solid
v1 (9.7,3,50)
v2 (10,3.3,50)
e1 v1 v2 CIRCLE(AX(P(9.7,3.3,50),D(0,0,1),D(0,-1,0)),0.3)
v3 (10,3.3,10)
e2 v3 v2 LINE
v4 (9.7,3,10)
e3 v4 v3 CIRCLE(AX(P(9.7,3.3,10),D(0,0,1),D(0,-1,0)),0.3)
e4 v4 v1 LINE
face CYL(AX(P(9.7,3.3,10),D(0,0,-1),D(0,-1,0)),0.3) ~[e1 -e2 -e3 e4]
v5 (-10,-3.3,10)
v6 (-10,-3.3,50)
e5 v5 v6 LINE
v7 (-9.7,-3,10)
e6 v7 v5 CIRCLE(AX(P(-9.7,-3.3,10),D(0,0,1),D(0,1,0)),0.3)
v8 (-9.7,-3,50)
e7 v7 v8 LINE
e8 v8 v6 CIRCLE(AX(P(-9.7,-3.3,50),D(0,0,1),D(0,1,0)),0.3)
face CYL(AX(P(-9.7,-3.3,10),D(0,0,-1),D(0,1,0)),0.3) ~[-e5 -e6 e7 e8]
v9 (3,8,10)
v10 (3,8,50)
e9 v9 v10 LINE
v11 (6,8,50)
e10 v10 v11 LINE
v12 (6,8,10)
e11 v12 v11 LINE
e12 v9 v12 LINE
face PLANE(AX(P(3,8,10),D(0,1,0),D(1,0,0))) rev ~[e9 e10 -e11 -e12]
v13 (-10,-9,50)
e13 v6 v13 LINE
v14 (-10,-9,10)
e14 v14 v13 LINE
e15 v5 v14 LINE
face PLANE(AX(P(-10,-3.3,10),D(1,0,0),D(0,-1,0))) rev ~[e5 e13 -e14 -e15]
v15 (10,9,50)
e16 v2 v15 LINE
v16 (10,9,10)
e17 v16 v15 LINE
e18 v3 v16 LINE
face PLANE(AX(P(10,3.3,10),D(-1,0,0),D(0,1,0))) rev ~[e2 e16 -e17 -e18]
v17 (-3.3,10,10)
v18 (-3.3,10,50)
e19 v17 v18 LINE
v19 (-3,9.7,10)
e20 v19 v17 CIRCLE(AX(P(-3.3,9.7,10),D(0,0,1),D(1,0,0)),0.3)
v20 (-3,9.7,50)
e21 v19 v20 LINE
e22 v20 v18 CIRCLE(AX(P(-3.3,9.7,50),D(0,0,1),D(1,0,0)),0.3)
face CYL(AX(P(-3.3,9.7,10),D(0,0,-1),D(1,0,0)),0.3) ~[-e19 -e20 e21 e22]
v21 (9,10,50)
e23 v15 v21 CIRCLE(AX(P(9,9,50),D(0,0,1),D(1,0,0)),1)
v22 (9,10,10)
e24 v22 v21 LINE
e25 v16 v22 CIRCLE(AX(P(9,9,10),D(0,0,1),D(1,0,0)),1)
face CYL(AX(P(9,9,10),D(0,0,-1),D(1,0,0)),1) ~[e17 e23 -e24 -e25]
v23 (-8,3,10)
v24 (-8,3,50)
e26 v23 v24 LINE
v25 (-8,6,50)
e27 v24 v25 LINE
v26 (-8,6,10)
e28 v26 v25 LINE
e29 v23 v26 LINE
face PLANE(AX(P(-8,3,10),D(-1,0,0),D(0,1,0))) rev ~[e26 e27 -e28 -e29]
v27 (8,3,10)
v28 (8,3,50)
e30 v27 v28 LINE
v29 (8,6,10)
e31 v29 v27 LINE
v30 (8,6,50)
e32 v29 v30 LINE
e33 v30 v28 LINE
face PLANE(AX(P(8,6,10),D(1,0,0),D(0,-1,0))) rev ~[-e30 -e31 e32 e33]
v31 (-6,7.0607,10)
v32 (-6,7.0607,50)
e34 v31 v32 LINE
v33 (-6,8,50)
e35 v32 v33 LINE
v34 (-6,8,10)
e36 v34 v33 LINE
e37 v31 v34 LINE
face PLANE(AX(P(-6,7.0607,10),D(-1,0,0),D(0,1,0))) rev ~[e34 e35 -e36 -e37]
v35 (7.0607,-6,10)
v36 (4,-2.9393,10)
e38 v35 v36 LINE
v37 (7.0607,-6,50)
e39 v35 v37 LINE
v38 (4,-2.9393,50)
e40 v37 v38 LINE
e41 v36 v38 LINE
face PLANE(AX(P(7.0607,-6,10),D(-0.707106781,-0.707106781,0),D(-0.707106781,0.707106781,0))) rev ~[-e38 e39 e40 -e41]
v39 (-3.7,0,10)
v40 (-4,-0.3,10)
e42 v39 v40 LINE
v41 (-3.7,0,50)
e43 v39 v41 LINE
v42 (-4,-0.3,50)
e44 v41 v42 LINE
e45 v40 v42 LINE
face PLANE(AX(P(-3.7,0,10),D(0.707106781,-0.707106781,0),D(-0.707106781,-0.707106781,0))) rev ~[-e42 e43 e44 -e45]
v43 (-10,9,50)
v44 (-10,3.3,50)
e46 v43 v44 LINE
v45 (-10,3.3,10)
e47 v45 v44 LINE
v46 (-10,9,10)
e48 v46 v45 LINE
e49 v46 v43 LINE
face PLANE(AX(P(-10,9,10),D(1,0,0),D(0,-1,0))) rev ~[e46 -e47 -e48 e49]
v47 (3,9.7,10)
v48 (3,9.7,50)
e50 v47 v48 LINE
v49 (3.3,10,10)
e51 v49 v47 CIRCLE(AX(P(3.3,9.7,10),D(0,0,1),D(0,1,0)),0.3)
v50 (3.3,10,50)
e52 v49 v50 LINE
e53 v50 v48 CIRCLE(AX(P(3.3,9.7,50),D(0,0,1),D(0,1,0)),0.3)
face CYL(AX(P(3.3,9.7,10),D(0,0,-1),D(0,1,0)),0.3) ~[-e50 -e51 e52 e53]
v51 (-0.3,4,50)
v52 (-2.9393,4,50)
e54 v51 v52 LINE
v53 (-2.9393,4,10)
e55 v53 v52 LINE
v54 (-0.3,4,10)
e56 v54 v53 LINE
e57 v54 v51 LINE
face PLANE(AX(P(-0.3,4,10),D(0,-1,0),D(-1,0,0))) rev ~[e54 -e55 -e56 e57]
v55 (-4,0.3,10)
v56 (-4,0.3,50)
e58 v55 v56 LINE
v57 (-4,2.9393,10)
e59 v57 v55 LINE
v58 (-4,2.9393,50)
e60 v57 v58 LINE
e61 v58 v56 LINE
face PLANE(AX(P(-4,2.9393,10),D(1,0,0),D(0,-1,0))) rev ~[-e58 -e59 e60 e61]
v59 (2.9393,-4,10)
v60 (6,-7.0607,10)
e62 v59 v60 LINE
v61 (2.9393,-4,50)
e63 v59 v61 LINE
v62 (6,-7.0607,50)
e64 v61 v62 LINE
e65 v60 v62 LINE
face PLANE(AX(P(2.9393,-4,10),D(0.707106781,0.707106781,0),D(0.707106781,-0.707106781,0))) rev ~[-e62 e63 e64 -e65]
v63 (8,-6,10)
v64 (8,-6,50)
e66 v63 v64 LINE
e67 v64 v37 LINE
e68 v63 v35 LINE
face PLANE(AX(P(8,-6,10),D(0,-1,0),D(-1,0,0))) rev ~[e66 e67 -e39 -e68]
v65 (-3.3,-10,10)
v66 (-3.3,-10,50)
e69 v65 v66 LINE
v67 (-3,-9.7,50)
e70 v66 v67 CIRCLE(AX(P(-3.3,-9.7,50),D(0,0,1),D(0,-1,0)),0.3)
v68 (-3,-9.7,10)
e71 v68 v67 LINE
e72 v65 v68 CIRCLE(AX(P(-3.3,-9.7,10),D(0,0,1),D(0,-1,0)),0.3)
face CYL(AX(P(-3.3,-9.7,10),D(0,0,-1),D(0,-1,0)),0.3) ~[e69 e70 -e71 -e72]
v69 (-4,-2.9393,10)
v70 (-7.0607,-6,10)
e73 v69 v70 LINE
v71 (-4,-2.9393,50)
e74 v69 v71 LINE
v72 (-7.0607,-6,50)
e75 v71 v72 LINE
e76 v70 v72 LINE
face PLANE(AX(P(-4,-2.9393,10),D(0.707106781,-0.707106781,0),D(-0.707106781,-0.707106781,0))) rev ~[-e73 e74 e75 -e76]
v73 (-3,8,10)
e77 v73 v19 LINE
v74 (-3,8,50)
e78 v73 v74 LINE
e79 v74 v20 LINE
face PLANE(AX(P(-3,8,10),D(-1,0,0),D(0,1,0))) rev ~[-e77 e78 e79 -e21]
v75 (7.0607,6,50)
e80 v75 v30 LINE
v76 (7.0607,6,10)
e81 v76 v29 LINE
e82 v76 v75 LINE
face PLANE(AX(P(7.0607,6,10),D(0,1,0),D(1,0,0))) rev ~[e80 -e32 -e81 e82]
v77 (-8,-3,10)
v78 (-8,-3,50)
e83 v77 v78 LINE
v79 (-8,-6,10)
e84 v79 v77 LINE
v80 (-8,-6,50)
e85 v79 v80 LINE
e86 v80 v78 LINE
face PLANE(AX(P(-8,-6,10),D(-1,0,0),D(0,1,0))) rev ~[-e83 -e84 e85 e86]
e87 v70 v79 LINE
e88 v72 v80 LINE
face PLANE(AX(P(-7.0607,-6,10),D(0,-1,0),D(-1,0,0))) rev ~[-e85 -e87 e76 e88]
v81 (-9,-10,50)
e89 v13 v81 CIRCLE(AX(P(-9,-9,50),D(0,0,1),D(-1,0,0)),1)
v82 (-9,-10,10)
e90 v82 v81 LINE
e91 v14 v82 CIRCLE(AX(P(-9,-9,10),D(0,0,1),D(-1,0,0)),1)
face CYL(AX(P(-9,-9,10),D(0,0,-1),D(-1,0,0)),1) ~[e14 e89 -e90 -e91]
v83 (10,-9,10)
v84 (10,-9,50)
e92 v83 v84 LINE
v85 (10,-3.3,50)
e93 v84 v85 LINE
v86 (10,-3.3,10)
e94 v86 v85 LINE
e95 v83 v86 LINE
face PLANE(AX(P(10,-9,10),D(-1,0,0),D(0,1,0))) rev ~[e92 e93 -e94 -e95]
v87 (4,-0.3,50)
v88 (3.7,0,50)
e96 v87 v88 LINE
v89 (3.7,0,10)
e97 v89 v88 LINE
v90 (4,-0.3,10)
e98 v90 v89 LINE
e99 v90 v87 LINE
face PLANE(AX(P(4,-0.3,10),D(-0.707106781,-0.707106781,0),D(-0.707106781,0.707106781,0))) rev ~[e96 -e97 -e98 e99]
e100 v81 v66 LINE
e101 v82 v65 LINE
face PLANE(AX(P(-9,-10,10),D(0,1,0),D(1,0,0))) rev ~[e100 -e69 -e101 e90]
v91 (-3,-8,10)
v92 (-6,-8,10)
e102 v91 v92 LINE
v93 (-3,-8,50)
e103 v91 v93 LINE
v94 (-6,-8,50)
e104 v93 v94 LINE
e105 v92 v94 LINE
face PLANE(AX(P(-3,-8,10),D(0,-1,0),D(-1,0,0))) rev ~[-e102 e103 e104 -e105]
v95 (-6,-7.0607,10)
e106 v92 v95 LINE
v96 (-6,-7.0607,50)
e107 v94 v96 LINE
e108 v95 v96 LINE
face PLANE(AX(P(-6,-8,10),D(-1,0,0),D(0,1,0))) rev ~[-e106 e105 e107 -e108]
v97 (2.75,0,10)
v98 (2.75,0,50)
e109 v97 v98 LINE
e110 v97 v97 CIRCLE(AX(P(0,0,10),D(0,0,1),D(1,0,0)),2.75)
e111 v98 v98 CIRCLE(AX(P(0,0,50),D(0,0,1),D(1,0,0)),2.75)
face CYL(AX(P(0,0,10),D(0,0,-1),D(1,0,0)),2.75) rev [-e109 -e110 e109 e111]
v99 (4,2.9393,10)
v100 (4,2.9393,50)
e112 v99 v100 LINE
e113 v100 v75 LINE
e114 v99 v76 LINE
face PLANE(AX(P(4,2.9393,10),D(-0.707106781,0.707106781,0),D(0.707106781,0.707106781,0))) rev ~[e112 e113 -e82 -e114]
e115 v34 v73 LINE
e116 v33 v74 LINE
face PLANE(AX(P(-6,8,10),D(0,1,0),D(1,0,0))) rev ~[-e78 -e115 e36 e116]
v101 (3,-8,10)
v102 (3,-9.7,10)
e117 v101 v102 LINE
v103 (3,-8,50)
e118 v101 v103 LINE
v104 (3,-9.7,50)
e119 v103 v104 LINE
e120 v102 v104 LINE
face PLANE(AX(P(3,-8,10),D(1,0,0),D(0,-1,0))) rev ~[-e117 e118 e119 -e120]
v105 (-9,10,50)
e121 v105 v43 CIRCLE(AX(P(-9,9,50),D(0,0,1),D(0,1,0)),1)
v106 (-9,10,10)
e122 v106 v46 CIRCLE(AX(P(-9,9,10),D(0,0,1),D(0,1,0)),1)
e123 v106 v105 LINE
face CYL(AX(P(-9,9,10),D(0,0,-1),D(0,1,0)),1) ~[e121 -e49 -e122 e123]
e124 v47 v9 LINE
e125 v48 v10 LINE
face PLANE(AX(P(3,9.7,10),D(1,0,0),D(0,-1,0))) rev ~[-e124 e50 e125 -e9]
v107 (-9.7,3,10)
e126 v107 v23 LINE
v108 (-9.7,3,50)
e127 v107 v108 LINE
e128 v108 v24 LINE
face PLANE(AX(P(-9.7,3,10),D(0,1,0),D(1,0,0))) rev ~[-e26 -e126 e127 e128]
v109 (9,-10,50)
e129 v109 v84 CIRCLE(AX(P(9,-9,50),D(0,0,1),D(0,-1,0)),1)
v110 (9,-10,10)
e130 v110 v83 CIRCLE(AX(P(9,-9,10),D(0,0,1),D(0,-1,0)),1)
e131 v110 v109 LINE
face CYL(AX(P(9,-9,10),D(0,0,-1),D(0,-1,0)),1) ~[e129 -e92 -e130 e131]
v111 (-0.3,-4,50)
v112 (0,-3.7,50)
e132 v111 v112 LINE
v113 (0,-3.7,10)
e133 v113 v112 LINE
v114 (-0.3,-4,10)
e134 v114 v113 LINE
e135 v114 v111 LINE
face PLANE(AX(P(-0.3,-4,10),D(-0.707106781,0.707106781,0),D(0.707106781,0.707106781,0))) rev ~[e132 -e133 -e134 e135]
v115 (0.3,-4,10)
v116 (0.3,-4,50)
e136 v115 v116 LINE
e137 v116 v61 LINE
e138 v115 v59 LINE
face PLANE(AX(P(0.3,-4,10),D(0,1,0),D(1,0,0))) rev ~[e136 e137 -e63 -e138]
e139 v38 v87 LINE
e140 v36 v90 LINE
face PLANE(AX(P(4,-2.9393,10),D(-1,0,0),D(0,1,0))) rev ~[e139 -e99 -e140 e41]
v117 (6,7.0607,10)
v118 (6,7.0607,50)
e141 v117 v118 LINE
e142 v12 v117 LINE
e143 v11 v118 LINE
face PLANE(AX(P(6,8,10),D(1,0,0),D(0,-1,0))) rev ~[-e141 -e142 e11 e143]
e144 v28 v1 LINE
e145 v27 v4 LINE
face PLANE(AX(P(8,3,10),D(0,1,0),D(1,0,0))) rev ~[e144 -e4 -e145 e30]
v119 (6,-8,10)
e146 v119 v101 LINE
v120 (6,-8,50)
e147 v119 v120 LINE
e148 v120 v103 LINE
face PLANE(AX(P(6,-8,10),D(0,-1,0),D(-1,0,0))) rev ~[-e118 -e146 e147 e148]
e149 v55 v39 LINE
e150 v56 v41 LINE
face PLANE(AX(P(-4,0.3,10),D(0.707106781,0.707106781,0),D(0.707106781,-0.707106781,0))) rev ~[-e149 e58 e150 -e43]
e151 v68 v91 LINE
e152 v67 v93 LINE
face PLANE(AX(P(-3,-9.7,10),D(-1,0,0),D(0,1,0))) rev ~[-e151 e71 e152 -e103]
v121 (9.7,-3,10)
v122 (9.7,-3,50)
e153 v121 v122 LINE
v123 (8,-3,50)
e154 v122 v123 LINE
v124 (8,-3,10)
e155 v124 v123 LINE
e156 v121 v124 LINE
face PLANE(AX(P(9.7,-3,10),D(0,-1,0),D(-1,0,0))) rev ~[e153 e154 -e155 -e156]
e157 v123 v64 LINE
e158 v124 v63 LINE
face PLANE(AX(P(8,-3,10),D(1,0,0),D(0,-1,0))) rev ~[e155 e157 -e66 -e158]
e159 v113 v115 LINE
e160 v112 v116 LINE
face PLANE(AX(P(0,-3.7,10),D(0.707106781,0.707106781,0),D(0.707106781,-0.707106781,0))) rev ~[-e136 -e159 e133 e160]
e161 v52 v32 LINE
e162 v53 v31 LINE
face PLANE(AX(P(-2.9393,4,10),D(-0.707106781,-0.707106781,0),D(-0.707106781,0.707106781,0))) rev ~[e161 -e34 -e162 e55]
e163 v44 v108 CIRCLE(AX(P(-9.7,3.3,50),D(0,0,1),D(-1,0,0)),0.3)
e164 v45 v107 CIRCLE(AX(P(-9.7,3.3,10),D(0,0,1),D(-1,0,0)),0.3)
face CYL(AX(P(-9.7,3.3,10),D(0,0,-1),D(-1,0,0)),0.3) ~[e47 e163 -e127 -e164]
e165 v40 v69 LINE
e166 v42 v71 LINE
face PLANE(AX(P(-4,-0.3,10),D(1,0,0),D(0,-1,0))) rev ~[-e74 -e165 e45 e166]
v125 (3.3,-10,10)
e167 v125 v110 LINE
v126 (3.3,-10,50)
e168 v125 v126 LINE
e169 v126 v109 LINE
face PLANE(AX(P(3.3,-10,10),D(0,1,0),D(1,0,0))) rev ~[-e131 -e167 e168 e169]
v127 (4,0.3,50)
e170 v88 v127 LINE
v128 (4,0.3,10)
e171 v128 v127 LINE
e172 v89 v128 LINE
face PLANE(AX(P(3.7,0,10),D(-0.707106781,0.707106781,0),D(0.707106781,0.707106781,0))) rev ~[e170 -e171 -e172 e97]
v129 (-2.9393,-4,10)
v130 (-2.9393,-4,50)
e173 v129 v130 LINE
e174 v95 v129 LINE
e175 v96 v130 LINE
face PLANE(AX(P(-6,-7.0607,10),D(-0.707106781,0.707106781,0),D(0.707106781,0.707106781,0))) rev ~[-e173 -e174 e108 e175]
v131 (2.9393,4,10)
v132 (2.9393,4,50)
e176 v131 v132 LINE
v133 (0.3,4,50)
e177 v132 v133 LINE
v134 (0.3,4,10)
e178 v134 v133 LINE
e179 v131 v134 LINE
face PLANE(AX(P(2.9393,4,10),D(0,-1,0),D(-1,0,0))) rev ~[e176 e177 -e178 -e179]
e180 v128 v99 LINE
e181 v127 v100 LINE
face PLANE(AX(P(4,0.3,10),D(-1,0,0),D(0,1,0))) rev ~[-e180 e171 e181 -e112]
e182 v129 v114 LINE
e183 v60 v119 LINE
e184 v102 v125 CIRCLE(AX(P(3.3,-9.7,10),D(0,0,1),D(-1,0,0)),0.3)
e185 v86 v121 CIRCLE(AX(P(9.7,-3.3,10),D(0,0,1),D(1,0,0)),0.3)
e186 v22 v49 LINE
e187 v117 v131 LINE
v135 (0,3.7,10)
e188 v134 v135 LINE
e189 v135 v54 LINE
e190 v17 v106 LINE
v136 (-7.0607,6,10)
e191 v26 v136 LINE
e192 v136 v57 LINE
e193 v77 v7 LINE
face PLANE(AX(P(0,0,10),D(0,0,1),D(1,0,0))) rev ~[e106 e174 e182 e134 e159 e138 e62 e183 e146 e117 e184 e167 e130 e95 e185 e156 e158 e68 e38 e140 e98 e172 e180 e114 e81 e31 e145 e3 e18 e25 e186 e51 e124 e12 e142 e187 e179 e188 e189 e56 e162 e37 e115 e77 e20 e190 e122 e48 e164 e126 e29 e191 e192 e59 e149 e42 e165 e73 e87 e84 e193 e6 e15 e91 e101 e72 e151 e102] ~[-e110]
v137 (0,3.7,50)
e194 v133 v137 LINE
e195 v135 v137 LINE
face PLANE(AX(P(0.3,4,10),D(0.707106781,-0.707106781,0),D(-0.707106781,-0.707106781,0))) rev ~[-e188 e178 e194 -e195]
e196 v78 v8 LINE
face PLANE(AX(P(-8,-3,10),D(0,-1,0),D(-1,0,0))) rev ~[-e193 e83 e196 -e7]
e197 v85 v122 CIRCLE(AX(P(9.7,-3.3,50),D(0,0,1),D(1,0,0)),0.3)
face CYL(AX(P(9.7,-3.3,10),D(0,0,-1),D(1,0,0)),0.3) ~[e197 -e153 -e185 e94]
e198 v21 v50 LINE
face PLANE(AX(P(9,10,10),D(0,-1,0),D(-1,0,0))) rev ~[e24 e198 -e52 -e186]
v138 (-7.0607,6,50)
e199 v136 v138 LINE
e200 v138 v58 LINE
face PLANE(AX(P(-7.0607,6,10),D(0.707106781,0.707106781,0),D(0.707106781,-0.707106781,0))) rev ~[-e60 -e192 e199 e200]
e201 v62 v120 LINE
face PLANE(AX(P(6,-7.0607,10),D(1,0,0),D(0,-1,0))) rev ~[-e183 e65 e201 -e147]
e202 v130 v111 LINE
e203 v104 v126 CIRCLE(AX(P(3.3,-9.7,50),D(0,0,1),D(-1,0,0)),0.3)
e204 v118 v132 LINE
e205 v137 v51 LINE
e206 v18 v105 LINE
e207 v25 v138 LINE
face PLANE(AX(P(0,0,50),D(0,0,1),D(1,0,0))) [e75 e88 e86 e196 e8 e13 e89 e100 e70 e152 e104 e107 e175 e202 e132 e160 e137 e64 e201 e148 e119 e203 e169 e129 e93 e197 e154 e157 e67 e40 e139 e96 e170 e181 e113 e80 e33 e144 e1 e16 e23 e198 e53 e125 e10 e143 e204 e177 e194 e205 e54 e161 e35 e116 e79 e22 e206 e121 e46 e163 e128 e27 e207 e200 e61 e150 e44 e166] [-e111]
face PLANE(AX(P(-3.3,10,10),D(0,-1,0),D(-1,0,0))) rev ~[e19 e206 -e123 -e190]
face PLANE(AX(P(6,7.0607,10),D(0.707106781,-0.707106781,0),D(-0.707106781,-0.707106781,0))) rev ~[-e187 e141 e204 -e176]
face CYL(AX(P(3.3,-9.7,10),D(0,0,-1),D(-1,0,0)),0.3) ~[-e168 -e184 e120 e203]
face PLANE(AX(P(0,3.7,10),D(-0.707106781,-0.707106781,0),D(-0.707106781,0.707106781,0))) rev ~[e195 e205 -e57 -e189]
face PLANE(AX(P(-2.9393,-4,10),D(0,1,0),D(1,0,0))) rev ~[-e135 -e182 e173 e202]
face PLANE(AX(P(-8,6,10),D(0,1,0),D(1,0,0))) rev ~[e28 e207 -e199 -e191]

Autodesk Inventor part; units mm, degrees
ref_plane "Startebene" through (0, 0, 0) normal (0, 0, 1) x (1, 0, 0)
ref_plane "Endebene" through (0, 0, 320) normal (0, 0, 1) x (1, 0, 0)
ref_plane "Startebene1" through (0, 0, 0) normal (0, 0, 1) x (1, 0, 0)
ref_plane "Endebene1" through (0, 0, 60) normal (0, 0, 1) x (1, 0, 0)
ref_plane "Startebene2" through (0, 0, 10) normal (0, 0, 1) x (1, 0, 0)
ref_plane "Endebene2" through (0, 0, 50) normal (0, 0, 1) x (1, 0, 0)
sketch "Skizze" plane through (0, 0, 0) normal (0, 0, 1) x (1, 0, 0)
  line L0 (-10, 9) -> (-10, 3.3)
  arc A0 (-10, 3.3) -> (-9.7, 3) centre (-9.7, 3.3) ccw
  line L1 (-9.7, 3) -> (-8, 3)
  line L2 (-8, 3) -> (-8, 6)
  line L3 (-8, 6) -> (-7.0607, 6)
  line L4 (-7.0607, 6) -> (-4, 2.9393)
  line L5 (-4, 2.9393) -> (-4, 0.3)
  line L6 (-4, 0.3) -> (-3.7, 0)
  line L7 (-3.7, 0) -> (-4, -0.3)
  line L8 (-4, -0.3) -> (-4, -2.9393)
  line L9 (-4, -2.9393) -> (-7.0607, -6)
  line L10 (-7.0607, -6) -> (-8, -6)
  line L11 (-8, -6) -> (-8, -3)
  line L12 (-8, -3) -> (-9.7, -3)
  arc A1 (-9.7, -3) -> (-10, -3.3) centre (-9.7, -3.3) ccw
  line L13 (-10, -3.3) -> (-10, -9)
  arc A2 (-10, -9) -> (-9, -10) centre (-9, -9) ccw
  line L14 (-9, -10) -> (-3.3, -10)
  arc A3 (-3.3, -10) -> (-3, -9.7) centre (-3.3, -9.7) ccw
  line L15 (-3, -9.7) -> (-3, -8)
  line L16 (-3, -8) -> (-6, -8)
  line L17 (-6, -8) -> (-6, -7.0607)
  line L18 (-6, -7.0607) -> (-2.9393, -4)
  line L19 (-2.9393, -4) -> (-0.3, -4)
  line L20 (-0.3, -4) -> (0, -3.7)
  line L21 (0, -3.7) -> (0.3, -4)
  line L22 (0.3, -4) -> (2.9393, -4)
  line L23 (2.9393, -4) -> (6, -7.0607)
  line L24 (6, -7.0607) -> (6, -8)
  line L25 (6, -8) -> (3, -8)
  line L26 (3, -8) -> (3, -9.7)
  arc A4 (3, -9.7) -> (3.3, -10) centre (3.3, -9.7) ccw
  line L27 (3.3, -10) -> (9, -10)
  arc A5 (9, -10) -> (10, -9) centre (9, -9) ccw
  line L28 (10, -9) -> (10, -3.3)
  arc A6 (10, -3.3) -> (9.7, -3) centre (9.7, -3.3) ccw
  line L29 (9.7, -3) -> (8, -3)
  line L30 (8, -3) -> (8, -6)
  line L31 (8, -6) -> (7.0607, -6)
  line L32 (7.0607, -6) -> (4, -2.9393)
  line L33 (4, -2.9393) -> (4, -0.3)
  line L34 (4, -0.3) -> (3.7, 0)
  line L35 (3.7, 0) -> (4, 0.3)
  line L36 (4, 0.3) -> (4, 2.9393)
  line L37 (4, 2.9393) -> (7.0607, 6)
  line L38 (7.0607, 6) -> (8, 6)
  line L39 (8, 6) -> (8, 3)
  line L40 (8, 3) -> (9.7, 3)
  arc A7 (9.7, 3) -> (10, 3.3) centre (9.7, 3.3) ccw
  line L41 (10, 3.3) -> (10, 9)
  arc A8 (10, 9) -> (9, 10) centre (9, 9) ccw
  line L42 (9, 10) -> (3.3, 10)
  arc A9 (3.3, 10) -> (3, 9.7) centre (3.3, 9.7) ccw
  line L43 (3, 9.7) -> (3, 8)
  line L44 (3, 8) -> (6, 8)
  line L45 (6, 8) -> (6, 7.0607)
  line L46 (6, 7.0607) -> (2.9393, 4)
  line L47 (2.9393, 4) -> (0.3, 4)
  line L48 (0.3, 4) -> (0, 3.7)
  line L49 (0, 3.7) -> (-0.3, 4)
  line L50 (-0.3, 4) -> (-2.9393, 4)
  line L51 (-2.9393, 4) -> (-6, 7.0607)
  line L52 (-6, 7.0607) -> (-6, 8)
  line L53 (-6, 8) -> (-3, 8)
  line L54 (-3, 8) -> (-3, 9.7)
  arc A10 (-3, 9.7) -> (-3.3, 10) centre (-3.3, 9.7) ccw
  line L55 (-3.3, 10) -> (-9, 10)
  arc A11 (-9, 10) -> (-10, 9) centre (-9, 9) ccw
  circle A12 centre (0, 0) radius 2.75
  dimension "d2" = 5.5
  dimension "d3" = 10
  dimension "d4" = 10
  dimension "d5" = 5.7
  dimension "d6" = 5.7
  dimension "d7" = 1.7
  dimension "d8" = 3
  dimension "d9" = 0.3
  dimension "d10" = 90
  dimension "d11" = 45
  dimension "d12" = 45
  dimension "d13" = 45
  dimension "d14" = 90
  dimension "d15" = 90
  dimension "d16" = 45
  dimension "d17" = 45
  dimension "d18" = 45
  dimension "d19" = 45
  dimension "d20" = 90
  dimension "d21" = 90
  dimension "d22" = 45
  dimension "d23" = 45
  dimension "d24" = 90
  dimension "d25" = 90
  dimension "d26" = 90
  dimension "d27" = 90
  dimension "d28" = 90
  dimension "d29" = 90
  dimension "d30" = 90
  dimension "d31" = 90
  dimension "d32" = 90
  dimension "d33" = 90
  dimension "d34" = 90
  dimension "d35" = 90
  dimension "d36" = 90
  dimension "d37" = 90
  dimension "d38" = 90
  dimension "d39" = 4
  dimension "d40" = 6
  dimension "d41" = 13
  dimension "d42" = 14
  dimension "d43" = 16
  dimension "d44" = 18
  dimension "d45" = 3
  dimension "d46" = 9
  dimension "d47" = 7
  dimension "d48" = 1
  dimension "d49" = 7
  dimension "d50" = 1.5
  dimension "d51" = 1.8663
  dimension "d52" = 3.3663
  dimension "d53" = 1.5
  dimension "d54" = 1.8663
  dimension "d55" = 3.3663
  dimension "d56" = 4
  dimension "d57" = 10.8187
  dimension "d58" = 1.9092
  dimension "d59" = 5
  dimension "d60" = 13
  dimension "d61" = 13
  dimension "d62" = 16.0513
  dimension "d63" = 3.3234
  dimension "d64" = 14
  dimension "d65" = 12.685
extrude "Körper" add sketch "Skizze" along normal up to surface (40 mm away) from surface at 10
sketch "Skizze13" plane through (0, 0, 0) normal (0, 0, 1) x (1, 0, 0)
  line L0 (0, 0) -> (10, 0)
ref_plane "Arbeitsebene12" through (0, 0, 0) normal (0, -1, 0) x (1, 0, 0)
sketch "Skizze14" plane through (0, 0, 0) normal (0, -1, 0) x (1, 0, 0)
  line L0 (-2, 10) -> (12, 10)
  line L1 (-2, 50) -> (12, 50)
  dimension "d80" = 40
ref_plane "Arbeitsebene13" through (-9, 0, 10) normal (0, 0, -1) x (-1, 0, 0)
split "Trennen1" plane through (-9, 0, 10) removes the side toward (0, 0, -1)
ref_plane "Arbeitsebene14" through (-9, 50, 50) normal (0, 0, 1) x (1, 0, 0)
split "Trennen2" plane through (-9, 50, 50) removes the side toward (0, 0, 1)
equation "\"G_OFFSET_START\" = 0"
equation "\"G_OFFSET_END\" = 0"
equation "\"G_L\" = d80"
equation "\"G_OFFSET_START1\" = 0"
equation "\"G_OFFSET_END1\" = 0"
properties part number "Alu Profil 20x20 - AP2020" material "Aluminium 6061"
